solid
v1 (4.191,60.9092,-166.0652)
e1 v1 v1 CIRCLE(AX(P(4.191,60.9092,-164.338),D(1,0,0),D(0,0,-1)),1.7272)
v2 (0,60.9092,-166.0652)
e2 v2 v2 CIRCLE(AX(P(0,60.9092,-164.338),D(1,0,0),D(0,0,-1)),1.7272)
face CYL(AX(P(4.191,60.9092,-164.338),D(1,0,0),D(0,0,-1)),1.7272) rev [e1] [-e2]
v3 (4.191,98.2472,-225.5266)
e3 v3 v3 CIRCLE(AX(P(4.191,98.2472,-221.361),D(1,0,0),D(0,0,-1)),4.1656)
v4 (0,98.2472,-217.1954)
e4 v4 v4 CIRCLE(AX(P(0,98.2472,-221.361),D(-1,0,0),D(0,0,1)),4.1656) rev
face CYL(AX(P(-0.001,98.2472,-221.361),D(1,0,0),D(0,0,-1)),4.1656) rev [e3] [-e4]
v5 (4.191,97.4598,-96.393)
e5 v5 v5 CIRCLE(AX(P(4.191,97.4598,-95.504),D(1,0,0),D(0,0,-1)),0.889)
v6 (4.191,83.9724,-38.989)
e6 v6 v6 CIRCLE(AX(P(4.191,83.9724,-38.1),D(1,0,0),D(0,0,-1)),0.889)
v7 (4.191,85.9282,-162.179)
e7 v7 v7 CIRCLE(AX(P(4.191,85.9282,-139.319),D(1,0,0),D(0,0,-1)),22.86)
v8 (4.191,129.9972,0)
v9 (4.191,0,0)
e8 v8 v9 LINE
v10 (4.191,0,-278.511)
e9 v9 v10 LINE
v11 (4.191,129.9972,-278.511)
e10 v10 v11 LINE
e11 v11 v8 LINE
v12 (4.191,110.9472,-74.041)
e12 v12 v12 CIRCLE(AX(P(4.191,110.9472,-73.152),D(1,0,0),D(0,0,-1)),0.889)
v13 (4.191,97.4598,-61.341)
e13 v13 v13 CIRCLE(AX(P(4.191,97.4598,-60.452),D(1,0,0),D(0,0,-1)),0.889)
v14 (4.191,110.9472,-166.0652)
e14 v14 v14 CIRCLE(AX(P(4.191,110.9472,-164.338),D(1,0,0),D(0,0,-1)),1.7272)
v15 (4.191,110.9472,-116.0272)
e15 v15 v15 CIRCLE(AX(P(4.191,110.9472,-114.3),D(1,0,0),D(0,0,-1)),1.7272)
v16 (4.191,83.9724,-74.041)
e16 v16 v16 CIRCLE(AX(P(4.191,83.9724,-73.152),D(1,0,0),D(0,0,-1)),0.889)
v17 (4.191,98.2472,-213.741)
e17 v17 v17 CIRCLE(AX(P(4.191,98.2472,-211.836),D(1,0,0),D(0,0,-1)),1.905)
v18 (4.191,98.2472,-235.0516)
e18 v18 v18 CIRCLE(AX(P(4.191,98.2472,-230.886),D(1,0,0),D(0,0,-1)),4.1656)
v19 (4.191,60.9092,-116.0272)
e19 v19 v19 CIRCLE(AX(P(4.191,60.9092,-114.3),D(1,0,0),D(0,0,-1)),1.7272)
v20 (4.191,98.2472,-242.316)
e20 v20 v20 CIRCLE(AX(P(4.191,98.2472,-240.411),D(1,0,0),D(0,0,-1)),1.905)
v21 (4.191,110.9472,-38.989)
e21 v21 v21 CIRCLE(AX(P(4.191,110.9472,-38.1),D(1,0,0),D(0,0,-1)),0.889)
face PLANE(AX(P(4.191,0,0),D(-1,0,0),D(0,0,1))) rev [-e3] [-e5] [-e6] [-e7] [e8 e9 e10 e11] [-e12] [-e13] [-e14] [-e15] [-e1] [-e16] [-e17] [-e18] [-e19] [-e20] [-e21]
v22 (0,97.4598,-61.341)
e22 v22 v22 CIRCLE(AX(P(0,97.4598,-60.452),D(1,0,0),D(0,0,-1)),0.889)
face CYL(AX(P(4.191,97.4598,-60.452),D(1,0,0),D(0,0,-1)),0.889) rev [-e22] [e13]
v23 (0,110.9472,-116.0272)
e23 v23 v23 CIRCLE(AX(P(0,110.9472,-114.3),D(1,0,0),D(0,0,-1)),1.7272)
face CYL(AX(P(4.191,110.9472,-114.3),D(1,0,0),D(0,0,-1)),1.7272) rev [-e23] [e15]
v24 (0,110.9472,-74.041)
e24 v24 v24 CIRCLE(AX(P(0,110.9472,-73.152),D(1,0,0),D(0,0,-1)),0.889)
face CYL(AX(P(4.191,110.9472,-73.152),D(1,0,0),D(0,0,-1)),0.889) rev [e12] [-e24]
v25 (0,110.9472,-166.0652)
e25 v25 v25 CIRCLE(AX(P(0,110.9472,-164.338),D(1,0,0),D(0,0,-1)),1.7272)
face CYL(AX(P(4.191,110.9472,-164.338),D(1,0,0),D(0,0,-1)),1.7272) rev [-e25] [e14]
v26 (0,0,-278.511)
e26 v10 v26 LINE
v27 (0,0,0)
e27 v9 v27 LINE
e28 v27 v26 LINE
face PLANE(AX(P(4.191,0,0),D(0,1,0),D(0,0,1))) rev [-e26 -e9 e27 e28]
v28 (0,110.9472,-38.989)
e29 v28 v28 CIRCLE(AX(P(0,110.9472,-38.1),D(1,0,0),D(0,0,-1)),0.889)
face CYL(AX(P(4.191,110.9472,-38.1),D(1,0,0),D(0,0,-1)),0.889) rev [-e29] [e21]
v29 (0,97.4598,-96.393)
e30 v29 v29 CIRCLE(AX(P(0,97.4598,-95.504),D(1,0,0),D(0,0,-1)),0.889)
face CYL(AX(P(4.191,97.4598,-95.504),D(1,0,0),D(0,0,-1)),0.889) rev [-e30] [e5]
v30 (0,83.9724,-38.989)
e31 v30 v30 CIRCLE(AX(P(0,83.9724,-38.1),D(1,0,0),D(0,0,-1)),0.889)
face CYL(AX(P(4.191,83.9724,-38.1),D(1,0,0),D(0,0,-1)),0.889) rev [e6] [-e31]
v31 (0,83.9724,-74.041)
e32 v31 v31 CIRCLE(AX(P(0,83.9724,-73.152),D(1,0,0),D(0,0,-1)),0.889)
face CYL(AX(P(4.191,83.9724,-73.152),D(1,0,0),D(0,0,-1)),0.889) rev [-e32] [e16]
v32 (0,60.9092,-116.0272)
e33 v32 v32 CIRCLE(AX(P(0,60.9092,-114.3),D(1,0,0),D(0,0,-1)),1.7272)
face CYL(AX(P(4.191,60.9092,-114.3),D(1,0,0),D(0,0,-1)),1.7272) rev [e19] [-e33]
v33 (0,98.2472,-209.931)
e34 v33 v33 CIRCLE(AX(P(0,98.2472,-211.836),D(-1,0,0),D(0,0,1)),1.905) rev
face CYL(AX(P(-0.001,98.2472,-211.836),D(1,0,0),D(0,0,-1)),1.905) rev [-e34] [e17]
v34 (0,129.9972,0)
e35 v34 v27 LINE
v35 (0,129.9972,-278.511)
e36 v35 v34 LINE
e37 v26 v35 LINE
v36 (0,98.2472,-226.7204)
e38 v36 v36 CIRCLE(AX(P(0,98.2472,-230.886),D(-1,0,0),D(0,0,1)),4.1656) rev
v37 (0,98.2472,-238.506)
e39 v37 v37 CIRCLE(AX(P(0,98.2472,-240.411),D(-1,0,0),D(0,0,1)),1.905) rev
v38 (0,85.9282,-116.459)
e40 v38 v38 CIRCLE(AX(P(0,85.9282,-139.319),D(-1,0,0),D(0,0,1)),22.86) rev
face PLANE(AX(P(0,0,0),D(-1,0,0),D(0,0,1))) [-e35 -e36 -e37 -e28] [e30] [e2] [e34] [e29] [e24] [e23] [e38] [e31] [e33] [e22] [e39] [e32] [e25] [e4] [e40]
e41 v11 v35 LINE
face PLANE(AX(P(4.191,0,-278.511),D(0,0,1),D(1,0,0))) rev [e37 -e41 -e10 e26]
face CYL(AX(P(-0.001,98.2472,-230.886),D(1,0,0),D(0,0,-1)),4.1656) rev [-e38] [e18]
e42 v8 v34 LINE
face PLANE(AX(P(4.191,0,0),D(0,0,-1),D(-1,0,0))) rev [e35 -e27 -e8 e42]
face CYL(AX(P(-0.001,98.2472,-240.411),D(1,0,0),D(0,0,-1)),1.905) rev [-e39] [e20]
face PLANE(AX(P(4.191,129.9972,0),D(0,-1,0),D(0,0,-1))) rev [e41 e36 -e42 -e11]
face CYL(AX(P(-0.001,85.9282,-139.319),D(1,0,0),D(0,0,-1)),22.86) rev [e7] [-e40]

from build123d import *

# Parameters (mm, degrees)
SKETCH1_W             = 278.511
SKETCH1_H             = 129.9972
BOSS_EXTRUDE1_DEPTH   = 4.191
F_2_56_TAPPED_HOLE2_D = 1.778
F_8_32_TAPPED_HOLE1_D = 3.4544
CUT_EXTRUDE1_REACH    = 309.384
SKETCH25_R            = 22.86
CUT_EXTRUDE2_REACH    = 309.384
SKETCH27_R            = 4.1656
SKETCH27_R_2          = 1.905


with BuildPart() as part:
    # Sketch1 → Boss-Extrude1 (new body)
    with BuildSketch(Plane(origin=(0, 0, 0), x_dir=(0, 0, -1), z_dir=(1, 0, 0))):
        with Locations((139.2555, 64.9986)):
            Rectangle(SKETCH1_W, SKETCH1_H)
    extrude(amount=BOSS_EXTRUDE1_DEPTH)

    # #2-56 Tapped Hole2 (through all)
    with Locations(Plane(origin=(4.191, 0, 0), x_dir=(0, 0, -1), z_dir=(1, 0, 0))):
        with Locations((38.1, 83.9724), (38.1, 110.9472), (60.452, 97.4598), (73.152, 110.9472), (73.152, 83.9724), (95.504, 97.4598)):
            Hole(F_2_56_TAPPED_HOLE2_D / 2)

    # #8-32 Tapped Hole1 (through all)
    with Locations(Plane(origin=(4.191, 0, 0), x_dir=(0, 0, -1), z_dir=(1, 0, 0))):
        with Locations((114.3, 60.9092), (114.3, 110.9472), (164.338, 110.9472), (164.338, 60.9092)):
            Hole(F_8_32_TAPPED_HOLE1_D / 2)

    # Sketch25 → Cut-Extrude1 (cut, up to next)
    with BuildSketch(Plane(origin=(4.191, 0, 0), x_dir=(0, 0, -1), z_dir=(1, 0, 0)), mode=Mode.PRIVATE) as cut_extrude1_sk1:
        with Locations((139.319, 85.9282)):
            Circle(SKETCH25_R)
    cut_extrude1_tool1 = extrude(cut_extrude1_sk1.sketch, amount=-CUT_EXTRUDE1_REACH, mode=Mode.PRIVATE) & part.part
    add(cut_extrude1_tool1.solids().sort_by_distance((4.191, 85.9282, -139.319))[0], mode=Mode.SUBTRACT)

    # Sketch27 → Cut-Extrude2 (cut, up to next)
    with BuildSketch(Plane(origin=(4.191, 0, 0), x_dir=(0, 0, -1), z_dir=(1, 0, 0)), mode=Mode.PRIVATE) as cut_extrude2_sk1:
        with Locations((221.361, 98.2472)):
            Circle(SKETCH27_R)
    cut_extrude2_tool1 = extrude(cut_extrude2_sk1.sketch, amount=-CUT_EXTRUDE2_REACH, mode=Mode.PRIVATE) & part.part
    # Sketch27 → Cut-Extrude2 (cut, up to next)
    with BuildSketch(Plane(origin=(4.191, 0, 0), x_dir=(0, 0, -1), z_dir=(1, 0, 0)), mode=Mode.PRIVATE) as cut_extrude2_sk2:
        with Locations((211.836, 98.2472)):
            Circle(SKETCH27_R_2)
    cut_extrude2_tool2 = extrude(cut_extrude2_sk2.sketch, amount=-CUT_EXTRUDE2_REACH, mode=Mode.PRIVATE) & part.part
    # Sketch27 → Cut-Extrude2 (cut, up to next)
    with BuildSketch(Plane(origin=(4.191, 0, 0), x_dir=(0, 0, -1), z_dir=(1, 0, 0)), mode=Mode.PRIVATE) as cut_extrude2_sk3:
        with Locations((230.886, 98.2472)):
            Circle(SKETCH27_R)
    cut_extrude2_tool3 = extrude(cut_extrude2_sk3.sketch, amount=-CUT_EXTRUDE2_REACH, mode=Mode.PRIVATE) & part.part
    # Sketch27 → Cut-Extrude2 (cut, up to next)
    with BuildSketch(Plane(origin=(4.191, 0, 0), x_dir=(0, 0, -1), z_dir=(1, 0, 0)), mode=Mode.PRIVATE) as cut_extrude2_sk4:
        with Locations((240.411, 98.2472)):
            Circle(SKETCH27_R_2)
    cut_extrude2_tool4 = extrude(cut_extrude2_sk4.sketch, amount=-CUT_EXTRUDE2_REACH, mode=Mode.PRIVATE) & part.part
    add(cut_extrude2_tool1.solids().sort_by_distance((4.191, 98.2472, -221.361))[0], mode=Mode.SUBTRACT)
    add(cut_extrude2_tool2.solids().sort_by_distance((4.191, 98.2472, -211.836))[0], mode=Mode.SUBTRACT)
    add(cut_extrude2_tool3.solids().sort_by_distance((4.191, 98.2472, -230.886))[0], mode=Mode.SUBTRACT)
    add(cut_extrude2_tool4.solids().sort_by_distance((4.191, 98.2472, -240.411))[0], mode=Mode.SUBTRACT)


solid = part.part
